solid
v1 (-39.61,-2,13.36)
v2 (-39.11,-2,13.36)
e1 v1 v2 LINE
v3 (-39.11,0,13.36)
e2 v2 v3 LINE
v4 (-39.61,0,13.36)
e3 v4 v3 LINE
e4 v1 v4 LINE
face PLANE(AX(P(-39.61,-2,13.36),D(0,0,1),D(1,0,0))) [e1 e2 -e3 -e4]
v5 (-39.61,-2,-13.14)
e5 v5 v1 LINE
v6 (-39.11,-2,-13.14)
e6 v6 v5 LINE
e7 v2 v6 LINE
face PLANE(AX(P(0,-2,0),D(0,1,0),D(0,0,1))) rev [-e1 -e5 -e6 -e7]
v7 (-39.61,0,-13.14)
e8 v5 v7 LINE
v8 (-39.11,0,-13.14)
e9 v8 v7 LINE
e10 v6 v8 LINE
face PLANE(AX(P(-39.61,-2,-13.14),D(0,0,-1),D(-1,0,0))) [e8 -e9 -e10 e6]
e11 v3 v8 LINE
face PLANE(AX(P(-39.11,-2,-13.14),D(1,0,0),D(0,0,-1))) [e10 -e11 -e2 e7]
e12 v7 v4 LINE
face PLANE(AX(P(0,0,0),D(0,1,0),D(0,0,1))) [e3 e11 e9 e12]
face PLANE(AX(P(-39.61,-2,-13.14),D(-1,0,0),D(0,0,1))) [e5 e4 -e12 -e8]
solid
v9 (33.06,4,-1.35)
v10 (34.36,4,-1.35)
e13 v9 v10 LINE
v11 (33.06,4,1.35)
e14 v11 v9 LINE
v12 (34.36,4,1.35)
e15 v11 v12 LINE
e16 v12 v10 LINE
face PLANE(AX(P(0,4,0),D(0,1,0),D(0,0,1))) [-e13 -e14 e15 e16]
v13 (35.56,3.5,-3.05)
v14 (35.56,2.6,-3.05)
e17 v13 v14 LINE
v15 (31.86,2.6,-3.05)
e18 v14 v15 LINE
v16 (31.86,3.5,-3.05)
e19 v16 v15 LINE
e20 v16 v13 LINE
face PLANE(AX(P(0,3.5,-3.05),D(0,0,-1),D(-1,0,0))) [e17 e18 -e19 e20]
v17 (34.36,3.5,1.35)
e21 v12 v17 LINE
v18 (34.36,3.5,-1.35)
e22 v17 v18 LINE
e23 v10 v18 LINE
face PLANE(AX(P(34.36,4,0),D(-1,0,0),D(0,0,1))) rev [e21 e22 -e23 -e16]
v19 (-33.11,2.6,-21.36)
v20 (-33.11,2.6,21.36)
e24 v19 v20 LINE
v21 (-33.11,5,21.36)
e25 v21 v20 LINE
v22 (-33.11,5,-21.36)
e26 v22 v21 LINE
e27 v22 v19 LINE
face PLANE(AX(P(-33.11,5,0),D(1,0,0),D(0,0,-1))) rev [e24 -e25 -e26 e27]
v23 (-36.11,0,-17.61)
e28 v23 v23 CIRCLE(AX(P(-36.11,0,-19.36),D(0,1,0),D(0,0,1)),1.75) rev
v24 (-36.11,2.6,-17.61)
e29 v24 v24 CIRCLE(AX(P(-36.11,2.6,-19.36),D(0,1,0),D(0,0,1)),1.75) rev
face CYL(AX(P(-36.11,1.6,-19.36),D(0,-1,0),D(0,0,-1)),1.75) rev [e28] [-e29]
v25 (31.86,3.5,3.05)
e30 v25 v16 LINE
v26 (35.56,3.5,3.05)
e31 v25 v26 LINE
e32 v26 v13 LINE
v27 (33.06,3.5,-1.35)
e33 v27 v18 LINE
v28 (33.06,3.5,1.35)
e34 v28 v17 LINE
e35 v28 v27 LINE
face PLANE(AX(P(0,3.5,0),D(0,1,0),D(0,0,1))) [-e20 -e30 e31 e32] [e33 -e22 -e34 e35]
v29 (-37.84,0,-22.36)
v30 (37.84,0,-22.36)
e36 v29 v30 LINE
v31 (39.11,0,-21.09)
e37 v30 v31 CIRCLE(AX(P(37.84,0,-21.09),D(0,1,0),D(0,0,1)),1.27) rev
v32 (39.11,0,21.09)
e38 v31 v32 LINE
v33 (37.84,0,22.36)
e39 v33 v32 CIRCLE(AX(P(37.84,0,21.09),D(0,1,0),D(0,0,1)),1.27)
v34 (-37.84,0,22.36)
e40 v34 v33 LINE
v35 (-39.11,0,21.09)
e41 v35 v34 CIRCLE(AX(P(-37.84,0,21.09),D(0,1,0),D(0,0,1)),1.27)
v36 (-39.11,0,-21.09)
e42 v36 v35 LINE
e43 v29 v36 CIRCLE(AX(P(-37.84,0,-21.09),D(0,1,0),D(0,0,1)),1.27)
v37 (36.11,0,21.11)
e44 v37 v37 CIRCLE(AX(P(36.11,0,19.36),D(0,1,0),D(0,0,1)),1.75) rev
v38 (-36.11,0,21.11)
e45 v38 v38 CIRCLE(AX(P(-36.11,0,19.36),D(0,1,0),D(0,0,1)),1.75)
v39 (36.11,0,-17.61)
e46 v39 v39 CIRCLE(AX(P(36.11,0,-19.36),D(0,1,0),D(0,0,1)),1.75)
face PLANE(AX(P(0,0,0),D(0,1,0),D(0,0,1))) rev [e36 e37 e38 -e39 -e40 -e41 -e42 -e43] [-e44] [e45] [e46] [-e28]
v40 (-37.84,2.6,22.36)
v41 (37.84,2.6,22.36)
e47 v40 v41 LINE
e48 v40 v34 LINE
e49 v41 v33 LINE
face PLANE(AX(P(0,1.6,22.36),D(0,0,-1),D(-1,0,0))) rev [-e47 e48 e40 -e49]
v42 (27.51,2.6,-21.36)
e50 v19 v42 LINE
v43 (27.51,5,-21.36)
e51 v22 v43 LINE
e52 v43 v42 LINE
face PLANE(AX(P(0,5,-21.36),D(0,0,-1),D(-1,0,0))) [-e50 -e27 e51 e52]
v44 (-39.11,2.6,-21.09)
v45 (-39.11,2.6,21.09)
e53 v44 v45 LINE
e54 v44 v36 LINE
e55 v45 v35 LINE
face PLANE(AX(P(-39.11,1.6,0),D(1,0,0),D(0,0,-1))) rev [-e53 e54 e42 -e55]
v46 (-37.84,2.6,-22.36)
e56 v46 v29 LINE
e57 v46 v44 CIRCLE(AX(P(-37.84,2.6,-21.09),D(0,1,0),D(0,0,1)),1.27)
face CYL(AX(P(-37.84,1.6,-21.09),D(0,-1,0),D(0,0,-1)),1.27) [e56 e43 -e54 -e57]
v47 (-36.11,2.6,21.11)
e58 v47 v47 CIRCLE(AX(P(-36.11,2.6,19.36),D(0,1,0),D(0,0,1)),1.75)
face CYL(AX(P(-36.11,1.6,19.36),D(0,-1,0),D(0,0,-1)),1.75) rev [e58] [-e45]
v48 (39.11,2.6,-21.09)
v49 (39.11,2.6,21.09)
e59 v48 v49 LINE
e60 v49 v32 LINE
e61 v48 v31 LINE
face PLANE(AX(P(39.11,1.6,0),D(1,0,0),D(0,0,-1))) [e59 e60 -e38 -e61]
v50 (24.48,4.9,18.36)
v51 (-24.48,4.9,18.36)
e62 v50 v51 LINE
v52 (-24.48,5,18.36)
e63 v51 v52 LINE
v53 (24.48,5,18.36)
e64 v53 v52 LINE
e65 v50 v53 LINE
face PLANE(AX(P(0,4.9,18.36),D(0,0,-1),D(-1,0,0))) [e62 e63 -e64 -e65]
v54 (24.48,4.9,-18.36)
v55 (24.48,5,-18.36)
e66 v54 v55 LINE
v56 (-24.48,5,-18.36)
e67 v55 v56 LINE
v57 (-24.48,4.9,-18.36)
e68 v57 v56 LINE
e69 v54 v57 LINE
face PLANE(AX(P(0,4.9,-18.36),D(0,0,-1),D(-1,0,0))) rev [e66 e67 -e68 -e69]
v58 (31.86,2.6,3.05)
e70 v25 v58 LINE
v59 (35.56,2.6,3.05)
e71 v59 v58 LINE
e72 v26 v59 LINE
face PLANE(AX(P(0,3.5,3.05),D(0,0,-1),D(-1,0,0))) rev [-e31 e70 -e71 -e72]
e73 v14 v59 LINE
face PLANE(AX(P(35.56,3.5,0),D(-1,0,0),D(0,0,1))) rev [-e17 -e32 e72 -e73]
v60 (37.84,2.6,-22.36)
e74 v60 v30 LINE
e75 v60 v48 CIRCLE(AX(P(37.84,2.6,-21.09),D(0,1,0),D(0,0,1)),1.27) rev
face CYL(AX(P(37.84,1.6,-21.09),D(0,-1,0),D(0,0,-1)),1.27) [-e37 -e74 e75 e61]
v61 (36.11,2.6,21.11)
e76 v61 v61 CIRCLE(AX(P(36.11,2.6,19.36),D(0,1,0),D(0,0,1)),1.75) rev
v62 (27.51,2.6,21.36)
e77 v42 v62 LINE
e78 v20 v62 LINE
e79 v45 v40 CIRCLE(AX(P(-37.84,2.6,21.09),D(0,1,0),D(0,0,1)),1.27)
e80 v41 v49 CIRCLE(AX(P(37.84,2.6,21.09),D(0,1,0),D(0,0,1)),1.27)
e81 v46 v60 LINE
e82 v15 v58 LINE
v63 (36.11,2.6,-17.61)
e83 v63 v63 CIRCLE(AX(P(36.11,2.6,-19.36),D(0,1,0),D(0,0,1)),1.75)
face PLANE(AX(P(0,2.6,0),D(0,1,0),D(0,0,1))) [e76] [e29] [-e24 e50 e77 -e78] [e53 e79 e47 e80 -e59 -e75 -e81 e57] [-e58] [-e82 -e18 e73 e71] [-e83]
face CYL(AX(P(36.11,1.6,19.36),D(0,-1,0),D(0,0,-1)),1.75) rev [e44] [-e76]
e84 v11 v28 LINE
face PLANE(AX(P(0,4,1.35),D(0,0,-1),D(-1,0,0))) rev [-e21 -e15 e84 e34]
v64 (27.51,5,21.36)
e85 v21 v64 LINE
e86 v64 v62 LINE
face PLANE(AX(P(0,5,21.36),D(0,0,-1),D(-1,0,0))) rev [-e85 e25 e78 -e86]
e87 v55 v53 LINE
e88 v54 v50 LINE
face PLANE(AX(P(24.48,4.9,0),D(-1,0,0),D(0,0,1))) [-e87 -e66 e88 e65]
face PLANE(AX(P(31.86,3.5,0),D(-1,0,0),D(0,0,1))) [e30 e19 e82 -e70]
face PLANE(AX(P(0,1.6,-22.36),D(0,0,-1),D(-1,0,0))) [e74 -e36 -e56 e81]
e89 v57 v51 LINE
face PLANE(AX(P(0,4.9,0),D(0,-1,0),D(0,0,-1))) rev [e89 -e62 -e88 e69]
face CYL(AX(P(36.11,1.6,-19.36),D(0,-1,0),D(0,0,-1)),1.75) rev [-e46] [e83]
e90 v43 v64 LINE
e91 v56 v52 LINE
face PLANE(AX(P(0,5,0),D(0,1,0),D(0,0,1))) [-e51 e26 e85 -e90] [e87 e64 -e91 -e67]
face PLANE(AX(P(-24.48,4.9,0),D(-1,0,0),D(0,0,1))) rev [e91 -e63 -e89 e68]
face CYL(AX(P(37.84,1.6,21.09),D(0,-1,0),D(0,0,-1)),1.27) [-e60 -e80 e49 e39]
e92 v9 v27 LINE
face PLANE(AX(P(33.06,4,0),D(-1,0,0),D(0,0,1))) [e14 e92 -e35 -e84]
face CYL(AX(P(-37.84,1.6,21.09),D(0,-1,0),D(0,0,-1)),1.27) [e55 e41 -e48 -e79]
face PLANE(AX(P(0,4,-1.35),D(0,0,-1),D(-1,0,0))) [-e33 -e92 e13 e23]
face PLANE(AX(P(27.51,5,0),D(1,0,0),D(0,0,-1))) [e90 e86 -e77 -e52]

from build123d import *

# Parameters (mm, degrees)
SKETCH_1_R          = 1.75
EXTRUDE_1_DEPTH     = 1.6
SKETCH_1_3_W        = 60.62
SKETCH_1_3_H        = 42.72
SKETCH_1_3_W_2      = 48.96
SKETCH_1_3_H_2      = 36.72
EXTRUDE_2_DEPTH     = 5
EXTRUDE_START       = 1.6
SKETCH_1_4_R        = 1.75
SKETCH_1_4_W        = 60.62
SKETCH_1_4_H        = 42.72
SKETCH_1_4_W_2      = 1.3
SKETCH_1_4_H_2      = 2.7
EXTRUDE_3_DEPTH     = 1
CUT_EXTRUDE_START   = 5
SKETCH_1_5_W        = 48.96
SKETCH_1_5_H        = 36.72
CUT_EXTRUDE_1_DEPTH = 0.1
SKETCH_1_6_W        = 3.7
SKETCH_1_6_H        = 6.1
SKETCH_1_6_W_2      = 1.3
SKETCH_1_6_H_2      = 2.7
EXTRUDE_4_DEPTH     = 3.5
SKETCH_1_7_W        = 1.3
SKETCH_1_7_H        = 2.7
EXTRUDE_5_DEPTH     = 4
SKETCH_2_W          = 0.5
SKETCH_2_H          = 26.5
EXTRUDE_6_DEPTH     = 2


with BuildPart() as part:
    # 草图1 → 凸台-拉伸1 (new body)
    with BuildSketch(Plane(origin=(0, 0, 0), x_dir=(1, 0, 0), z_dir=(0, 1, 0))):
        with BuildLine():
            Line((-37.84, 22.36), (37.84, 22.36))
            ThreePointArc((37.84, 22.36), (38.738025612, 21.988025612), (39.11, 21.09))
            Line((39.11, 21.09), (39.11, -21.09))
            ThreePointArc((39.11, -21.09), (38.738025612, -21.988025612), (37.84, -22.36))
            Line((37.84, -22.36), (-37.84, -22.36))
            ThreePointArc((-37.84, -22.36), (-38.738025612, -21.988025612), (-39.11, -21.09))
            Line((-39.11, -21.09), (-39.11, 21.09))
            ThreePointArc((-39.11, 21.09), (-38.738025612, 21.988025612), (-37.84, 22.36))
        make_face()
        with Locations(Location((-36.11, -19.36, 0), (0, 0, 270))):
            Circle(SKETCH_1_R, mode=Mode.SUBTRACT)
        with Locations(Location((36.11, -19.36, 0), (0, 0, 270))):
            Circle(SKETCH_1_R, mode=Mode.SUBTRACT)
        with Locations(Location((-36.11, 19.36, 0), (0, 0, 270))):
            Circle(SKETCH_1_R, mode=Mode.SUBTRACT)
        with Locations(Location((36.11, 19.36, 0), (0, 0, 270))):
            Circle(SKETCH_1_R, mode=Mode.SUBTRACT)
    extrude(amount=EXTRUDE_1_DEPTH)

    # 草图1<3> → 凸台-拉伸2 (add)
    with BuildSketch(Plane(origin=(0, 0, 0), x_dir=(1, 0, 0), z_dir=(0, 1, 0))):
        with Locations((-2.8, 0)):
            Rectangle(SKETCH_1_3_W, SKETCH_1_3_H)
        Rectangle(SKETCH_1_3_W_2, SKETCH_1_3_H_2)
    extrude(amount=EXTRUDE_2_DEPTH)

    # 草图1<4> → 凸台-拉伸3 (add)
    with BuildSketch(Plane(origin=(0, 0, 0), x_dir=(1, 0, 0), z_dir=(0, 1, 0)).offset(EXTRUDE_START)):
        with BuildLine():
            Line((37.84, 22.36), (-37.84, 22.36))
            ThreePointArc((-37.84, 22.36), (-38.738025612, 21.988025612), (-39.11, 21.09))
            Line((-39.11, 21.09), (-39.11, -21.09))
            ThreePointArc((-39.11, -21.09), (-38.738025612, -21.988025612), (-37.84, -22.36))
            Line((-37.84, -22.36), (37.84, -22.36))
            ThreePointArc((37.84, -22.36), (38.738025612, -21.988025612), (39.11, -21.09))
            Line((39.11, -21.09), (39.11, 21.09))
            ThreePointArc((39.11, 21.09), (38.738025612, 21.988025612), (37.84, 22.36))
        make_face()
        with Locations(Location((-36.11, -19.36, 0), (0, 0, 270))):
            Circle(SKETCH_1_4_R, mode=Mode.SUBTRACT)
        with Locations(Location((36.11, -19.36, 0), (0, 0, 270))):
            Circle(SKETCH_1_4_R, mode=Mode.SUBTRACT)
        with Locations((-2.8, 0)):
            Rectangle(SKETCH_1_4_W, SKETCH_1_4_H, mode=Mode.SUBTRACT)
        with Locations(Location((-36.11, 19.36, 0), (0, 0, 270))):
            Circle(SKETCH_1_4_R, mode=Mode.SUBTRACT)
        with Locations(Location((36.11, 19.36, 0), (0, 0, 270))):
            Circle(SKETCH_1_4_R, mode=Mode.SUBTRACT)
        with Locations((33.71, 0)):
            Rectangle(SKETCH_1_4_W_2, SKETCH_1_4_H_2, mode=Mode.SUBTRACT)
    extrude(amount=EXTRUDE_3_DEPTH)

    # 草图1<5> → 切除-拉伸1 (cut)
    with BuildSketch(Plane(origin=(0, 0, 0), x_dir=(1, 0, 0), z_dir=(0, 1, 0)).offset(CUT_EXTRUDE_START)):
        Rectangle(SKETCH_1_5_W, SKETCH_1_5_H)
    extrude(amount=-CUT_EXTRUDE_1_DEPTH, mode=Mode.SUBTRACT)

    # 草图1<6> → 凸台-拉伸4 (add)
    with BuildSketch(Plane(origin=(0, 0, 0), x_dir=(1, 0, 0), z_dir=(0, 1, 0))):
        with Locations((33.71, 0)):
            Rectangle(SKETCH_1_6_W, SKETCH_1_6_H)
        with Locations((33.71, 0)):
            Rectangle(SKETCH_1_6_W_2, SKETCH_1_6_H_2, mode=Mode.SUBTRACT)
    extrude(amount=EXTRUDE_4_DEPTH)

    # 草图1<7> → 凸台-拉伸5 (add)
    with BuildSketch(Plane(origin=(0, 0, 0), x_dir=(1, 0, 0), z_dir=(0, 1, 0))):
        with Locations((33.71, 0)):
            Rectangle(SKETCH_1_7_W, SKETCH_1_7_H)
    extrude(amount=EXTRUDE_5_DEPTH)


with BuildPart() as body_2:
    # 草图2 → 凸台-拉伸6 (new body)
    with BuildSketch(Plane(origin=(0, 0, 0), x_dir=(1, 0, 0), z_dir=(0, 1, 0))):
        with Locations((-39.36, -0.11)):
            Rectangle(SKETCH_2_W, SKETCH_2_H)
    extrude(amount=-EXTRUDE_6_DEPTH)


solid = Compound([part.part, body_2.part])
